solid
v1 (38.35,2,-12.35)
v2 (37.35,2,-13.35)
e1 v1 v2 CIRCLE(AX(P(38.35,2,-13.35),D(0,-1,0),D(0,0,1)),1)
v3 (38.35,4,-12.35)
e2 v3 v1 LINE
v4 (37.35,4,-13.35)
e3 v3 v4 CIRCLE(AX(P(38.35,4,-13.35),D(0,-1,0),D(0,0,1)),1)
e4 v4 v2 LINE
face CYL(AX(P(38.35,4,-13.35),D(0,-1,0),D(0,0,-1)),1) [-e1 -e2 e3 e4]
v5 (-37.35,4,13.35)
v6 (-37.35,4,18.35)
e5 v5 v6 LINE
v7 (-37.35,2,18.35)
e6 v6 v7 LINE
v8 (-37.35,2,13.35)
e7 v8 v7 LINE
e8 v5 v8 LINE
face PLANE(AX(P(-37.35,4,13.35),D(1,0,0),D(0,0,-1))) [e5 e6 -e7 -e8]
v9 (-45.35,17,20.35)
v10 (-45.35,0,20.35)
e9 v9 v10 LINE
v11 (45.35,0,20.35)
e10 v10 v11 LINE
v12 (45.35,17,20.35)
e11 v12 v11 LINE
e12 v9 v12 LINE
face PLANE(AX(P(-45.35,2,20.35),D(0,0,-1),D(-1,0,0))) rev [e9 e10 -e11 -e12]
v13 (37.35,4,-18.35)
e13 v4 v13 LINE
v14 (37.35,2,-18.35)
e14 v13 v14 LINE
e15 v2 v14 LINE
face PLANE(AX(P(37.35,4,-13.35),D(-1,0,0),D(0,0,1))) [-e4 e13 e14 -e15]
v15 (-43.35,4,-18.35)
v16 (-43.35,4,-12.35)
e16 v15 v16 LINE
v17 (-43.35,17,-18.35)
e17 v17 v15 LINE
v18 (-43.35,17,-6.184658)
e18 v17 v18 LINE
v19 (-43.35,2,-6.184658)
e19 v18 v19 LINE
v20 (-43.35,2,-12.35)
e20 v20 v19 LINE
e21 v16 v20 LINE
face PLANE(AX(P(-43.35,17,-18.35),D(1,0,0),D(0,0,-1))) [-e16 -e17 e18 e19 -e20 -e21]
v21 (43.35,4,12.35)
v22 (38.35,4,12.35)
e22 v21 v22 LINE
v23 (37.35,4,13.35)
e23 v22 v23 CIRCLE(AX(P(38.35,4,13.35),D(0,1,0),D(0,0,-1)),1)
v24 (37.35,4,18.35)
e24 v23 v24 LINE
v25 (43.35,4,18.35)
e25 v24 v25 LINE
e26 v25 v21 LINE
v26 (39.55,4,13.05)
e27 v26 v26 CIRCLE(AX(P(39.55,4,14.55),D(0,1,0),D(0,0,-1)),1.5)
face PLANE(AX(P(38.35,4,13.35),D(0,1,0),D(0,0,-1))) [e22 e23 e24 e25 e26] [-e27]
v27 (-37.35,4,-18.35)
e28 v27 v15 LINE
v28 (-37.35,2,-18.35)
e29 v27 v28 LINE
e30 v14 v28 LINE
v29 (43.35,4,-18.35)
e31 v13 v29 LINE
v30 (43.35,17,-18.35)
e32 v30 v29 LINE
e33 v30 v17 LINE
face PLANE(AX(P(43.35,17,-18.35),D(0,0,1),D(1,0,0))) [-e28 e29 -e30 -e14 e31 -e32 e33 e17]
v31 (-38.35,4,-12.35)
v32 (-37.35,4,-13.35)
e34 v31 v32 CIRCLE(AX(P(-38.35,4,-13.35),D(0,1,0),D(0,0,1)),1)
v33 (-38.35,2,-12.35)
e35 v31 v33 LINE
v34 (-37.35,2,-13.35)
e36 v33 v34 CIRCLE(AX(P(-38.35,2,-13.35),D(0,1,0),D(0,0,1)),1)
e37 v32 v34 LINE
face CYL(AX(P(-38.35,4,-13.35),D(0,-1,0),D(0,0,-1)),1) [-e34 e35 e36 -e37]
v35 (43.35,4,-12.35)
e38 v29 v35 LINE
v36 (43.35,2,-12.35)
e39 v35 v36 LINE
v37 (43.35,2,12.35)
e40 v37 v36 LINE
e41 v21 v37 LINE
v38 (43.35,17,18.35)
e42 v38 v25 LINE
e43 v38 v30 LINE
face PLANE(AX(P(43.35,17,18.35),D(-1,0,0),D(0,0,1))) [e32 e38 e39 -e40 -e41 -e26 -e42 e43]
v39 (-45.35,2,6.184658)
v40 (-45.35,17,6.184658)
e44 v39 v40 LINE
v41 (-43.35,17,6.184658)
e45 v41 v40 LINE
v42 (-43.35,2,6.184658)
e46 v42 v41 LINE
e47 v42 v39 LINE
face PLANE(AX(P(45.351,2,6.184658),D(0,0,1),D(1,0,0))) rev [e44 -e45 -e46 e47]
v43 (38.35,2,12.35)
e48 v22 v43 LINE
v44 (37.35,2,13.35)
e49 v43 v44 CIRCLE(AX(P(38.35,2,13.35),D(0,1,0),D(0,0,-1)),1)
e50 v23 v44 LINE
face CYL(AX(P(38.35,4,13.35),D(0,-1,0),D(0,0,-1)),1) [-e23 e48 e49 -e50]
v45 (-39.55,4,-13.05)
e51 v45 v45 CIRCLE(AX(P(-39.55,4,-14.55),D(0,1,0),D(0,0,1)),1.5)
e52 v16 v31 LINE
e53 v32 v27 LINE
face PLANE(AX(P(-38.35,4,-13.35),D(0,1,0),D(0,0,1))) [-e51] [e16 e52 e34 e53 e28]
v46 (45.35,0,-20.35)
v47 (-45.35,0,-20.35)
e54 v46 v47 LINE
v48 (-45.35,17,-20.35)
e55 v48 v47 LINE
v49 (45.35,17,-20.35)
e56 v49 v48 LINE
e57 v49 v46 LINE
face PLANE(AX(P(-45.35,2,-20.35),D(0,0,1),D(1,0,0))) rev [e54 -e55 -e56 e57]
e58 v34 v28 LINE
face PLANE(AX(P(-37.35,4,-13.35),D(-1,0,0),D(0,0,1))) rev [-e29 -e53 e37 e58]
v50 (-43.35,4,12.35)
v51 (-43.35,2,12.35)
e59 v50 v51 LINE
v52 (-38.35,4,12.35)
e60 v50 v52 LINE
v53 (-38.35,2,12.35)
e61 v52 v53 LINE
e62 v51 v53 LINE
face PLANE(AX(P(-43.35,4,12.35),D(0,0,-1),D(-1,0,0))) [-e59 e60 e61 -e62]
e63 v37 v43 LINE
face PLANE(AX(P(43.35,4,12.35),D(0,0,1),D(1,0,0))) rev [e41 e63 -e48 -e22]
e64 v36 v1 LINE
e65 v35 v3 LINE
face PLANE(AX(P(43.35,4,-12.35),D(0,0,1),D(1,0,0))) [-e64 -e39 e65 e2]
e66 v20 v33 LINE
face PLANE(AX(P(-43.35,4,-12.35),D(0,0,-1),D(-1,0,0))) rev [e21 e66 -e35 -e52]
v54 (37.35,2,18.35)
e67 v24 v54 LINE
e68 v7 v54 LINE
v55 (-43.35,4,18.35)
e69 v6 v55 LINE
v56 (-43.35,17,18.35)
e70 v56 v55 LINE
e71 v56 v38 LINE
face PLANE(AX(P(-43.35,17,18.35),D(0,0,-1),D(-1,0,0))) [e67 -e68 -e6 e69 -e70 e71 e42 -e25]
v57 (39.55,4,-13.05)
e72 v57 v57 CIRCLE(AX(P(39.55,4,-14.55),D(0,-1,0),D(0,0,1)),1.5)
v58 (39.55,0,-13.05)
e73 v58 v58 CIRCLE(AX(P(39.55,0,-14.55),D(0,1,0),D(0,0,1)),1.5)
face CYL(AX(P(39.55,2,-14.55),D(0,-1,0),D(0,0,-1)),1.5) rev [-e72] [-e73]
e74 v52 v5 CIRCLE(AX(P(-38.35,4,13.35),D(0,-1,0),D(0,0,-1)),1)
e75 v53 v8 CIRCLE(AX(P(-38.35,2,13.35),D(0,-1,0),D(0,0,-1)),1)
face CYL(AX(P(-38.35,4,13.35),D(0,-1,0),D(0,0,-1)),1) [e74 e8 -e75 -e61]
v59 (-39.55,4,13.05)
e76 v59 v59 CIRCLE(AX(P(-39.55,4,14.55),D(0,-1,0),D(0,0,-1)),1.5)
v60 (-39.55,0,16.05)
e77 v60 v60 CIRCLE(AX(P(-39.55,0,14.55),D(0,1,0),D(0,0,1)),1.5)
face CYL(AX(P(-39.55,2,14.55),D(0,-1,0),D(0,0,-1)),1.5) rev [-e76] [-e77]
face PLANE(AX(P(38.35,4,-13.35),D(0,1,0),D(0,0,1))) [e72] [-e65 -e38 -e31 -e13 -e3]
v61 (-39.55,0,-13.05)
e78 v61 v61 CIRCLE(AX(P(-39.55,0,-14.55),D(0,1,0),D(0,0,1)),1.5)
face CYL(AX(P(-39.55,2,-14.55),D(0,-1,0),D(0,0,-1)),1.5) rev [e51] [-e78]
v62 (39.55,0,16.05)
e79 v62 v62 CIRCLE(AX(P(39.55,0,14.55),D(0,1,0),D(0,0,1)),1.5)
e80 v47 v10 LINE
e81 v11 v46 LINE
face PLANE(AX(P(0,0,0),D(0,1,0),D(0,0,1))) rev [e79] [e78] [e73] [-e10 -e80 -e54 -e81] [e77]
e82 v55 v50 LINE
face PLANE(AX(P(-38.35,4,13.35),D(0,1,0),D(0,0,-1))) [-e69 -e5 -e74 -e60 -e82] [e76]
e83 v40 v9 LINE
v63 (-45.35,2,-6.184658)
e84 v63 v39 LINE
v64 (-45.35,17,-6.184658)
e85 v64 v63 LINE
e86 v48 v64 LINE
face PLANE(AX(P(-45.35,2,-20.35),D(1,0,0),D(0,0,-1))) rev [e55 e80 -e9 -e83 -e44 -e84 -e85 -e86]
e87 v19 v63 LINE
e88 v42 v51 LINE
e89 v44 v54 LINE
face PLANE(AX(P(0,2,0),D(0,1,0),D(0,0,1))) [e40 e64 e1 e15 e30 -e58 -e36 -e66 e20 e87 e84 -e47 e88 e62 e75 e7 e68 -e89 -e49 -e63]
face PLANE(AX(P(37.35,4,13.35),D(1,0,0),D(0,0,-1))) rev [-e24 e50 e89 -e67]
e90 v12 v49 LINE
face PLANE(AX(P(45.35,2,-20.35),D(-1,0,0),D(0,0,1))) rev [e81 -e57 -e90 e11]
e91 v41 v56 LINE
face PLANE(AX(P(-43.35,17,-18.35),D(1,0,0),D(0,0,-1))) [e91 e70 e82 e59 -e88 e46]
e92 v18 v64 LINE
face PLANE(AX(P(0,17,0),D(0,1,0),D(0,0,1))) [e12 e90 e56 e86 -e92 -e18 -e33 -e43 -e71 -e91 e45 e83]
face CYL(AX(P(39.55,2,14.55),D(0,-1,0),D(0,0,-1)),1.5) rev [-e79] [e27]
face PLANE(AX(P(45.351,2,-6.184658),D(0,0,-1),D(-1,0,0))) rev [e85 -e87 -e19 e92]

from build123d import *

# Parameters (mm, degrees)
SKETCH1_W               = 90.7
SKETCH1_H               = 40.7
SKETCH1_R               = 1.5
BOSS_EXTRUDE3_DEPTH     = 2
SKETCH2_W               = 90.7
SKETCH2_H               = 40.7
SKETCH2_W_2             = 86.7
SKETCH2_H_2             = 36.7
BOSS_EXTRUDE4_DEPTH     = 15
CUT_EXTRUDE1_REACH      = 96.497
CUTOUT_W                = 12.369316876
CUTOUT_H                = 15
SKETCH3_R               = 1.5
BOSS_EXTRUDE5_DEPTH     = 2
MIRROR2_COPY_1_SKETCH_R = 1.5
MIRROR2_COPY_1_DEPTH    = 2


with BuildPart() as part:
    # Sketch1 → Boss-Extrude3 (new body)
    with BuildSketch(Plane(origin=(0, 0, 0), x_dir=(1, 0, 0), z_dir=(0, 1, 0))):
        Rectangle(SKETCH1_W, SKETCH1_H)
        with Locations(Location((-39.55, 14.55, 0), (0, 0, 270))):
            Circle(SKETCH1_R, mode=Mode.SUBTRACT)
        with Locations(Location((39.55, 14.55, 0), (0, 0, 270))):
            Circle(SKETCH1_R, mode=Mode.SUBTRACT)
        with Locations(Location((-39.55, -14.55, 0), (0, 0, 270))):
            Circle(SKETCH1_R, mode=Mode.SUBTRACT)
        with Locations(Location((39.55, -14.55, 0), (0, 0, 270))):
            Circle(SKETCH1_R, mode=Mode.SUBTRACT)
    extrude(amount=BOSS_EXTRUDE3_DEPTH)

    # Sketch2 → Boss-Extrude4 (add)
    with BuildSketch(Plane(origin=(0, 2, 0), x_dir=(1, 0, 0), z_dir=(0, 1, 0))):
        Rectangle(SKETCH2_W, SKETCH2_H)
        Rectangle(SKETCH2_W_2, SKETCH2_H_2, mode=Mode.SUBTRACT)
    extrude(amount=BOSS_EXTRUDE4_DEPTH)

    # Cutout → Cut-Extrude1 (cut, up to next)
    with BuildSketch(Plane.ZY.offset(45.35), mode=Mode.PRIVATE) as cut_extrude1_sk1:
        with Locations((0, 9.5)):
            Rectangle(CUTOUT_W, CUTOUT_H)
    cut_extrude1_tool1 = extrude(cut_extrude1_sk1.sketch, amount=-CUT_EXTRUDE1_REACH, mode=Mode.PRIVATE) & part.part
    add(cut_extrude1_tool1.solids().sort_by_distance((-45.35, 9.5, 0))[0], mode=Mode.SUBTRACT)

    # Sketch3 → Boss-Extrude5 (add)
    with BuildSketch(Plane(origin=(0, 2, 0), x_dir=(1, 0, 0), z_dir=(0, 1, 0))):
        with BuildLine():
            Line((-43.35, 12.35), (-38.35, 12.35))
            ThreePointArc((-38.35, 12.35), (-37.642893219, 12.642893219), (-37.35, 13.35))
            Line((-37.35, 13.35), (-37.35, 18.35))
            Line((-37.35, 18.35), (-43.35, 18.35))
            Line((-43.35, 18.35), (-43.35, 12.35))
        make_face()
        with Locations(Location((-39.55, 14.55, 0), (0, 0, 270))):
            Circle(SKETCH3_R, mode=Mode.SUBTRACT)
    boss_extrude5 = extrude(amount=BOSS_EXTRUDE5_DEPTH)

    # Mirror1: Boss-Extrude5 across plane
    add(boss_extrude5.mirror(Plane(origin=(0, 0, 0), x_dir=(0, 0, 1), z_dir=(1, 0, 0))))

    # Mirror2: Boss-Extrude5 across plane
    add(boss_extrude5.mirror(Plane.XY))

    # Mirror2 copy 1 sketch → Mirror2 copy 1 (add)
    with BuildSketch(Plane(origin=(0, 2, 0), x_dir=(-1, 0, 0), z_dir=(0, 1, 0))):
        with BuildLine():
            Line((-43.35, 12.35), (-38.35, 12.35))
            ThreePointArc((-38.35, 12.35), (-37.642893219, 12.642893219), (-37.35, 13.35))
            Line((-37.35, 13.35), (-37.35, 18.35))
            Line((-37.35, 18.35), (-43.35, 18.35))
            Line((-43.35, 18.35), (-43.35, 12.35))
        make_face()
        with Locations(Location((-39.55, 14.55, 0), (0, 0, 270))):
            Circle(MIRROR2_COPY_1_SKETCH_R, mode=Mode.SUBTRACT)
    extrude(amount=MIRROR2_COPY_1_DEPTH)


solid = part.part
